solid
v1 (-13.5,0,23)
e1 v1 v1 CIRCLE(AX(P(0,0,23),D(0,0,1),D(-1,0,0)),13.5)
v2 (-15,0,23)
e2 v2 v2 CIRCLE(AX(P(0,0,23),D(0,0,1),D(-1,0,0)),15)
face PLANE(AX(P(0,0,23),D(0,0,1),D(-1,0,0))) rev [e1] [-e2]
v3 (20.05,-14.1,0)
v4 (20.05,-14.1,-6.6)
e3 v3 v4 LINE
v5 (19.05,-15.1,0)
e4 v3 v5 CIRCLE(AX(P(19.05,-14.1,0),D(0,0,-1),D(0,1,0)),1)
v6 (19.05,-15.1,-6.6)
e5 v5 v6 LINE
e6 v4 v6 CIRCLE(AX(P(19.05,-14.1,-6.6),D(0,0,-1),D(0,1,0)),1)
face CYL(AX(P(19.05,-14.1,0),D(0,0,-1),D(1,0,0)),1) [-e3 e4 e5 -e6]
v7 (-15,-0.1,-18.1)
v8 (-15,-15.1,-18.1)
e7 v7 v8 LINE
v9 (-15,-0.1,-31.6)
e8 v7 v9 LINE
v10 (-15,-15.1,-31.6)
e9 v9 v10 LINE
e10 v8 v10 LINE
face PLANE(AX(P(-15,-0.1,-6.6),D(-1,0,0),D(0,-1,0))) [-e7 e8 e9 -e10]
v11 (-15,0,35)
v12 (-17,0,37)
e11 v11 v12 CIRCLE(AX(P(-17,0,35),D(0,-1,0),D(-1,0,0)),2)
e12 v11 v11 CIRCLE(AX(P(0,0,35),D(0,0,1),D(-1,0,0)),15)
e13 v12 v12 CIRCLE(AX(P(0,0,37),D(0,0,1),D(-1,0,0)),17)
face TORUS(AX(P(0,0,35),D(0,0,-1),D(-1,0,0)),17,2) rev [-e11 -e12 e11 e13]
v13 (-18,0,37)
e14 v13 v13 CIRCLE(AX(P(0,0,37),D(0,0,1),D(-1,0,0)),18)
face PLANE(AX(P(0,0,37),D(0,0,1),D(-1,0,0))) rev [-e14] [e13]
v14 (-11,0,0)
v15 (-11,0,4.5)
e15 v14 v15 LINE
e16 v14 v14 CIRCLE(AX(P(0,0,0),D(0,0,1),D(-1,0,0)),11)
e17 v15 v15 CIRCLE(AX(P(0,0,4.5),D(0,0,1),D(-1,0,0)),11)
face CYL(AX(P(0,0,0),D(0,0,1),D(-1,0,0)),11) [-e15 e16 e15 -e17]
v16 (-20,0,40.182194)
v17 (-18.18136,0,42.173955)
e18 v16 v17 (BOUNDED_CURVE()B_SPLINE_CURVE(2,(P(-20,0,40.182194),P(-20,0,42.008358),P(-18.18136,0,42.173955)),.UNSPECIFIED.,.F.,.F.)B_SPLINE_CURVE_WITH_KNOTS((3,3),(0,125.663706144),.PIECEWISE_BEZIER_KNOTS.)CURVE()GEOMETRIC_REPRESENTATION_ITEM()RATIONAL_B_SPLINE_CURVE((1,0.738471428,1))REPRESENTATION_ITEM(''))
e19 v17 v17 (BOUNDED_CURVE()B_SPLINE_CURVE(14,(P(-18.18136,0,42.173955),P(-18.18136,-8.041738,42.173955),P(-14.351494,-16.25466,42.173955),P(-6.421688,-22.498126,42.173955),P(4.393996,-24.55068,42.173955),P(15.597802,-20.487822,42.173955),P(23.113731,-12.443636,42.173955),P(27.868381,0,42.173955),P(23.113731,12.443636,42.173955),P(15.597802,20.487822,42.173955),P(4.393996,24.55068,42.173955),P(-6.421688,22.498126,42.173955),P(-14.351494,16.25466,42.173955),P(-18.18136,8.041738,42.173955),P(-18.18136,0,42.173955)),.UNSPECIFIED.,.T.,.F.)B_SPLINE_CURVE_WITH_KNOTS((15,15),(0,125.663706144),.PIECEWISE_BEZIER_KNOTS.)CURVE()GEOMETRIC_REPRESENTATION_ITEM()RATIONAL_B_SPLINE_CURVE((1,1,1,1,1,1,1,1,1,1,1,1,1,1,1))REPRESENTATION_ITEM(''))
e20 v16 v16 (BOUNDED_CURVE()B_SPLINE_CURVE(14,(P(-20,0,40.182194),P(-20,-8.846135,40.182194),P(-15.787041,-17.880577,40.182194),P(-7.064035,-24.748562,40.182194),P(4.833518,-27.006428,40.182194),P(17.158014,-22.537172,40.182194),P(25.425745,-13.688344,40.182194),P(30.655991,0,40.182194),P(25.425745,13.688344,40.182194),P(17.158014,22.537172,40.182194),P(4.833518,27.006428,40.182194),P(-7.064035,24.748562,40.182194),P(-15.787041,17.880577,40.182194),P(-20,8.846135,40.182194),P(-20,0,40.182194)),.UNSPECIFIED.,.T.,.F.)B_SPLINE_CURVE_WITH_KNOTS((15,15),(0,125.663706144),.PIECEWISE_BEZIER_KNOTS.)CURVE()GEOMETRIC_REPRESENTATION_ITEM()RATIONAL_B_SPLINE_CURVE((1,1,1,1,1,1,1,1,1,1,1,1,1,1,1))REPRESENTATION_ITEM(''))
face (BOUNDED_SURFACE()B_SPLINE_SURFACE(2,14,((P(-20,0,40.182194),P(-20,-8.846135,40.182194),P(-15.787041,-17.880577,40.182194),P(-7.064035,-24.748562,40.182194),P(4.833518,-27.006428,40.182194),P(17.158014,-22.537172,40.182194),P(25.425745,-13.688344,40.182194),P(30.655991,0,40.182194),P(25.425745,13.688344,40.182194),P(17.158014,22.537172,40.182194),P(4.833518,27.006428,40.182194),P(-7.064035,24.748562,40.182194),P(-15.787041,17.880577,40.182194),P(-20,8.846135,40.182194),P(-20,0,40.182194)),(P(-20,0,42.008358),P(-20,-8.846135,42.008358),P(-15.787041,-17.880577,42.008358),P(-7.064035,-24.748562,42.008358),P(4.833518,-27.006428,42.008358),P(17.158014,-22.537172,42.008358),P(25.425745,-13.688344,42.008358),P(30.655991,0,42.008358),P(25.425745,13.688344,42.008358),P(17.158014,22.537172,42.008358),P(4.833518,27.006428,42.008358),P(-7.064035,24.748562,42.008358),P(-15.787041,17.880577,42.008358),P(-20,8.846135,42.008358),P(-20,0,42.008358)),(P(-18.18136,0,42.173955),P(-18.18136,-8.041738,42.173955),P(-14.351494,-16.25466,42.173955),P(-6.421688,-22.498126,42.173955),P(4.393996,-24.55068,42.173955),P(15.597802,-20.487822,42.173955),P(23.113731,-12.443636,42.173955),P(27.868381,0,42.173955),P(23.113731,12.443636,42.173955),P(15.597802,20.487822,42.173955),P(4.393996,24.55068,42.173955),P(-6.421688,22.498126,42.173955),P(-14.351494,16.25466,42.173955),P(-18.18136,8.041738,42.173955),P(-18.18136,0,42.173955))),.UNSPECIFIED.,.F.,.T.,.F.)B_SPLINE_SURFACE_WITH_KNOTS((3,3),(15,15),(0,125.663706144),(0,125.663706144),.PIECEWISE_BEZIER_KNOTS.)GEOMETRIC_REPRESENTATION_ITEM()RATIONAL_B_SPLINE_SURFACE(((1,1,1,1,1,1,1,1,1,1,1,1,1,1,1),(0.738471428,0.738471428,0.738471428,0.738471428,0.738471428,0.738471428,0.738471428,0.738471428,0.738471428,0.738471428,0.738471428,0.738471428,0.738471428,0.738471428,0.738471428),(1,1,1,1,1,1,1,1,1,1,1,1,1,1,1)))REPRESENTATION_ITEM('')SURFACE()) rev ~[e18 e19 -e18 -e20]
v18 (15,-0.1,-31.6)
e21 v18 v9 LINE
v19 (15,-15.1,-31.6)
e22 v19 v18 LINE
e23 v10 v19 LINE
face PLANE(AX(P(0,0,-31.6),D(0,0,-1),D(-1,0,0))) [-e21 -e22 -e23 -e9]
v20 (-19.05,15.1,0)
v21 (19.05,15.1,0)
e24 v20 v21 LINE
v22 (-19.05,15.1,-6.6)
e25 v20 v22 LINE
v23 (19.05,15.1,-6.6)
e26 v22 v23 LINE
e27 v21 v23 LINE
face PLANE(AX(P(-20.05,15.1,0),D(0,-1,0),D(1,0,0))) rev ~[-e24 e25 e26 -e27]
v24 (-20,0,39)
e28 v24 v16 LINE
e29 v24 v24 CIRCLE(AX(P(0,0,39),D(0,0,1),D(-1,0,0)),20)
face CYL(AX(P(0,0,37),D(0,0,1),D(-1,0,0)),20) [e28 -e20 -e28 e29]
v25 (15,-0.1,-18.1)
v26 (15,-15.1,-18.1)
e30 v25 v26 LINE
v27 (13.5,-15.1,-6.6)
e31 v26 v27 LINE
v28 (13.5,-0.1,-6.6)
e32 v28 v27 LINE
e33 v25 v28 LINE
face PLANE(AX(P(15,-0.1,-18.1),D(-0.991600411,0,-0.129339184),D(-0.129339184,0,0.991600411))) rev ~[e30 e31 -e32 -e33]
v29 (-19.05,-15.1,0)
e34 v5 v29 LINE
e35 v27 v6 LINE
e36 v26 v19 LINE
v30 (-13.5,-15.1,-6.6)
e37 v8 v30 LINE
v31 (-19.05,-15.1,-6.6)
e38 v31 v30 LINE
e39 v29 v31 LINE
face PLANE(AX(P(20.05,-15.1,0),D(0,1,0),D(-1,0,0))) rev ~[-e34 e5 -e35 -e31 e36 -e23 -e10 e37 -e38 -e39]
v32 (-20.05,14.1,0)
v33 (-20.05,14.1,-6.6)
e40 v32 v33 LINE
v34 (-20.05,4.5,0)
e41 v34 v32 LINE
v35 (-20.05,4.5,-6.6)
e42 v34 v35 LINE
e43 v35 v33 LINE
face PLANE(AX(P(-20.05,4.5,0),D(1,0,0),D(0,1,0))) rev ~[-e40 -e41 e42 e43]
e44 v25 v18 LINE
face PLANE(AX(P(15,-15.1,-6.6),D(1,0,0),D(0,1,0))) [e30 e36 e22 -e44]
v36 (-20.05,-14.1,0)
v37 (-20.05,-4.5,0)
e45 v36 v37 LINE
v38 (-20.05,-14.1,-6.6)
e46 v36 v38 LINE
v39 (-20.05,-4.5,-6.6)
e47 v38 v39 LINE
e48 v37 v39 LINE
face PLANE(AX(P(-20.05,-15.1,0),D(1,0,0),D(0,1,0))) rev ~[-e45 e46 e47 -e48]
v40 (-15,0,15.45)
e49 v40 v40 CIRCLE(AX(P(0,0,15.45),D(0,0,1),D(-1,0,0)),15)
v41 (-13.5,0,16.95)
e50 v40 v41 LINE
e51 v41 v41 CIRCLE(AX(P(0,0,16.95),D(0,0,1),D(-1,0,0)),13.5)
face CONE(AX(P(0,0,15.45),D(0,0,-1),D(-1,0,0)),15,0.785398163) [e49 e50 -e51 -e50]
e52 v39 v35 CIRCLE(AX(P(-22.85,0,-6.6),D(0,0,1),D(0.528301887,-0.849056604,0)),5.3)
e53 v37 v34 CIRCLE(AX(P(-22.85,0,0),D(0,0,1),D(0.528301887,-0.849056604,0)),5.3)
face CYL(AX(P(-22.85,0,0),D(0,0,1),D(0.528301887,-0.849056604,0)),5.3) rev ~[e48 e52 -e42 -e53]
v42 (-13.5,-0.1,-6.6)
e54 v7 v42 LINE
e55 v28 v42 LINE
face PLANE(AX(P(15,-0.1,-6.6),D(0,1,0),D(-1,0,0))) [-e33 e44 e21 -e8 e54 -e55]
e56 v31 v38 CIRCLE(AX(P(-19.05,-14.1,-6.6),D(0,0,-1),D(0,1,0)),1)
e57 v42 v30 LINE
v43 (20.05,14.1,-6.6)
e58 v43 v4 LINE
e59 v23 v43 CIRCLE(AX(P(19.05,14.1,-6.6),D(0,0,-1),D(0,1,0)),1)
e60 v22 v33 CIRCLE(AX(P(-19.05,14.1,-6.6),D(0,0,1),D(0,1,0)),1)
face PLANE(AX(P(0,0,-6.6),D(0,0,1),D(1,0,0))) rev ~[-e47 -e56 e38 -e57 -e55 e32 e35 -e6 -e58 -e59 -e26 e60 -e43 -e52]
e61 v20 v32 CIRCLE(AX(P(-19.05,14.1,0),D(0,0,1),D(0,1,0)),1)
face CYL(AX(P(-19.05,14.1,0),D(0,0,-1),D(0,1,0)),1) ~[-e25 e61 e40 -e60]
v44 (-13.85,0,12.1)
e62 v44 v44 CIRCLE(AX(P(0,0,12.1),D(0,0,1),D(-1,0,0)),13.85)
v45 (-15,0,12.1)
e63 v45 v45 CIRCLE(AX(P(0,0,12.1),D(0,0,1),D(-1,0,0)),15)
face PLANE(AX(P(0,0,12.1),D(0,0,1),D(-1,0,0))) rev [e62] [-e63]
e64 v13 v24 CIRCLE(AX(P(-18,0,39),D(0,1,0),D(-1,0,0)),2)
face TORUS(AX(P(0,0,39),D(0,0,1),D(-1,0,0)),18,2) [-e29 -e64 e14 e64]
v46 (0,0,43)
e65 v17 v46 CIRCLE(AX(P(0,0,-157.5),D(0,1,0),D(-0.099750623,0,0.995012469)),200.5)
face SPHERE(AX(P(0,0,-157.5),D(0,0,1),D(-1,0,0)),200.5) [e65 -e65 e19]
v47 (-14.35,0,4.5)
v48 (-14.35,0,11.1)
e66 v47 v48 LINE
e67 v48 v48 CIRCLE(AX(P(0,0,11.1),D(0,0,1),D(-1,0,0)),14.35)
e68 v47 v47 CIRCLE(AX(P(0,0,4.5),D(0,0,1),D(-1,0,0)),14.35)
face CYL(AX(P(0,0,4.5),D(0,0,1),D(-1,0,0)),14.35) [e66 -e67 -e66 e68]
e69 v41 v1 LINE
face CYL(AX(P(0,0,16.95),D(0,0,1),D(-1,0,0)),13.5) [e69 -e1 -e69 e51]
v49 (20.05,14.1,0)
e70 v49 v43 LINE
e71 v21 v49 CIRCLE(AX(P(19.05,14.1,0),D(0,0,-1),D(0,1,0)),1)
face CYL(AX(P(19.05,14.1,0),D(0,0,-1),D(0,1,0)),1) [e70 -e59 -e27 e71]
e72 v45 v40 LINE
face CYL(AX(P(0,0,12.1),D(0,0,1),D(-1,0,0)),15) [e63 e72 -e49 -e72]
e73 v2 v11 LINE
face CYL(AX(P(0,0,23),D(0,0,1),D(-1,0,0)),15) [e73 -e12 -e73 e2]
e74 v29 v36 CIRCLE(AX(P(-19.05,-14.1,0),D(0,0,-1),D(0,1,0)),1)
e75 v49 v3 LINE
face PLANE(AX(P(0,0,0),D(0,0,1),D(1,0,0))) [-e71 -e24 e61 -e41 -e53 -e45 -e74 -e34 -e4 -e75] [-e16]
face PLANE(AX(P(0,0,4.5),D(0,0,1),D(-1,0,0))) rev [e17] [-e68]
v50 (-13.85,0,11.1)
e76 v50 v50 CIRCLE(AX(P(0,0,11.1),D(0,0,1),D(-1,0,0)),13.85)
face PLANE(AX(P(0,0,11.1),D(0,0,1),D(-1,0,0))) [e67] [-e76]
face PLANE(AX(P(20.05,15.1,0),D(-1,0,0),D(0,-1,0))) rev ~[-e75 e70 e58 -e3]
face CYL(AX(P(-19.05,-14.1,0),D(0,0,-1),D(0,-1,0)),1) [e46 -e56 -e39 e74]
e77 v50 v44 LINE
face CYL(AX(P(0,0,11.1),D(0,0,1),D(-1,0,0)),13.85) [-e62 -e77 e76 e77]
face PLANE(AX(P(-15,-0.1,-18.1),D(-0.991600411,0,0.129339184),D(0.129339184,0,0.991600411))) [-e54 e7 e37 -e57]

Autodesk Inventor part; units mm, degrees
ref_plane "YZ Plane" through (0, 0, 0) normal (1, 0, 0) x (0, 1, 0)
ref_plane "XZ Plane" through (0, 0, 0) normal (0, 1, 0) x (-1, 0, 0)
ref_plane "XY Plane" through (0, 0, 0) normal (0, 0, 1) x (1, 0, 0)
sketch "Sketch1" plane through (0, 0, 0) normal (0, 0, 1) x (1, 0, 0)
  line L0 (-20.05, 15.1) -> (20.05, 15.1)
  line L1 (20.05, 15.1) -> (20.05, -15.1)
  line L2 (20.05, -15.1) -> (-20.05, -15.1)
  line L3 (-20.05, -15.1) -> (-20.05, 15.1)
  line L4 (-20.05, 15.1) -> (20.05, -15.1) construction
  line L5 (20.05, 15.1) -> (-20.05, -15.1) construction
  arc A0 (-20.05, -4.5) -> (-20.05, 4.5) centre (-22.85, 0) ccw
  line L6 (-22.85, 0) -> (-17.55, 0) construction
  line L7 (-17.55, 0) -> (0, 0) construction
  dimension "d0" = 40.1
  dimension "d1" = 30.2
  dimension "d2" = 2.5
  dimension "d3" = 9
extrude "Extrusion1" add sketch "Sketch1" against normal blind 6.6 contours L0 L1 L2 L3 A0
sketch "Sketch2" plane through (0, 0, -6.6) normal (0, 0, -1) x (-1, 0, 0)
  line L0 (-15, -0.1) -> (15, -0.1)
  line L1 (15, -0.1) -> (15, -15.1)
  line L2 (15, -15.1) -> (-15, -15.1)
  line L3 (-15, -15.1) -> (-15, -0.1)
  line L4 (-15, -0.1) -> (15, -15.1) construction
  line L5 (15, -0.1) -> (-15, -15.1) construction
  line L6 (-20.05, -15.1) -> (20.05, -15.1) projected
  point P0 (0, 0)
  point P1 (0, -7.6)
  point P2 (0, -15.1)
  dimension "d6" = 30
  dimension "d7" = 15
extrude "Extrusion2" add sketch "Sketch2" along normal blind 25
sketch "Sketch3" plane through (0, 0, 0) normal (0, 1, 0) x (-1, 0, 0)
  line L0 (0, 0) -> (0, 43)
  line L1 (0, 0) -> (11, 0)
  line L2 (11, 0) -> (11, 4.5)
  line L3 (11, 4.5) -> (14.35, 4.5)
  line L4 (14.35, 4.5) -> (14.35, 11.1)
  line L5 (14.35, 11.1) -> (13.85, 11.1)
  line L6 (13.85, 11.1) -> (13.85, 12.1)
  line L7 (13.85, 12.1) -> (15, 12.1)
  line L8 (15, 12.1) -> (15, 15.45)
  line L9 (15, 15.45) -> (13.5, 16.95)
  line L10 (13.5, 16.95) -> (13.5, 23)
  line L11 (13.5, 23) -> (15, 23)
  line L12 (15, 23) -> (15, 37)
  line L13 (15, 37) -> (20, 37)
  line L14 (20, 37) -> (20, 42)
  line L15 (20, 43) -> (0, 43) construction
  arc A0 (20, 42) -> (0, 43) centre (0, -157.5) ccw
  line L16 (20, 42) -> (20, 43) construction
  dimension "d10" = 22
  dimension "d11" = 4.5
  dimension "d12" = 28.7
  dimension "d13" = 6.6
  dimension "d14" = 3.35
  dimension "d15" = 30
  dimension "d16" = 0.5
  dimension "d17" = 1
  dimension "d18" = 27
  dimension "d19" = 30
  dimension "d20" = 40
  dimension "d21" = 6
  dimension "d22" = 20
  dimension "d23" = 43
  dimension "d24" = 45
  dimension "d26" = 1
revolve "Revolution1" add sketch "Sketch3" angle 360 about axis through (0, 0, 0) along (0, 0, 1)
fillet "Fillet1" radius 2 3 edges at (20, 0, 42) (20, 0, 37) (15, 0, 37)
fillet "Fillet2" radius 1 4 edges at (20.05, -15.1, -3.3) (20.05, 15.1, -3.3) (-20.05, 15.1, -3.3) (-20.05, -15.1, -3.3)
sketch "Sketch4" plane through (-15, -0.1, -6.6) normal (0, 1, 0) x (1, 0, 0)
  line L0 (30, 0) -> (0, 0) projected
  line L1 (30, 0) -> (30, 25) projected
  line L2 (0, 25) -> (30, 25) projected
  line L3 (0, 0) -> (0, 25) projected
  line L4 (30, 0) -> (30, 25) projected
  line L5 (30, 11.5) -> (28.5, 0)
  line L6 (0, 11.5) -> (1.5, 0)
  line L7 (0, 25) -> (30, 25) construction
  line L8 (15, 25) -> (15, 0) construction
  point P0 (15, -6.6)
  dimension "d29" = 27
  dimension "d30" = 11.5
extrude "Extrusion3" cut sketch "Sketch4" against normal through all contours L0 L5 L1 | L0 L3 L6
properties part number "emergency-button" material "ABS Plastic"
